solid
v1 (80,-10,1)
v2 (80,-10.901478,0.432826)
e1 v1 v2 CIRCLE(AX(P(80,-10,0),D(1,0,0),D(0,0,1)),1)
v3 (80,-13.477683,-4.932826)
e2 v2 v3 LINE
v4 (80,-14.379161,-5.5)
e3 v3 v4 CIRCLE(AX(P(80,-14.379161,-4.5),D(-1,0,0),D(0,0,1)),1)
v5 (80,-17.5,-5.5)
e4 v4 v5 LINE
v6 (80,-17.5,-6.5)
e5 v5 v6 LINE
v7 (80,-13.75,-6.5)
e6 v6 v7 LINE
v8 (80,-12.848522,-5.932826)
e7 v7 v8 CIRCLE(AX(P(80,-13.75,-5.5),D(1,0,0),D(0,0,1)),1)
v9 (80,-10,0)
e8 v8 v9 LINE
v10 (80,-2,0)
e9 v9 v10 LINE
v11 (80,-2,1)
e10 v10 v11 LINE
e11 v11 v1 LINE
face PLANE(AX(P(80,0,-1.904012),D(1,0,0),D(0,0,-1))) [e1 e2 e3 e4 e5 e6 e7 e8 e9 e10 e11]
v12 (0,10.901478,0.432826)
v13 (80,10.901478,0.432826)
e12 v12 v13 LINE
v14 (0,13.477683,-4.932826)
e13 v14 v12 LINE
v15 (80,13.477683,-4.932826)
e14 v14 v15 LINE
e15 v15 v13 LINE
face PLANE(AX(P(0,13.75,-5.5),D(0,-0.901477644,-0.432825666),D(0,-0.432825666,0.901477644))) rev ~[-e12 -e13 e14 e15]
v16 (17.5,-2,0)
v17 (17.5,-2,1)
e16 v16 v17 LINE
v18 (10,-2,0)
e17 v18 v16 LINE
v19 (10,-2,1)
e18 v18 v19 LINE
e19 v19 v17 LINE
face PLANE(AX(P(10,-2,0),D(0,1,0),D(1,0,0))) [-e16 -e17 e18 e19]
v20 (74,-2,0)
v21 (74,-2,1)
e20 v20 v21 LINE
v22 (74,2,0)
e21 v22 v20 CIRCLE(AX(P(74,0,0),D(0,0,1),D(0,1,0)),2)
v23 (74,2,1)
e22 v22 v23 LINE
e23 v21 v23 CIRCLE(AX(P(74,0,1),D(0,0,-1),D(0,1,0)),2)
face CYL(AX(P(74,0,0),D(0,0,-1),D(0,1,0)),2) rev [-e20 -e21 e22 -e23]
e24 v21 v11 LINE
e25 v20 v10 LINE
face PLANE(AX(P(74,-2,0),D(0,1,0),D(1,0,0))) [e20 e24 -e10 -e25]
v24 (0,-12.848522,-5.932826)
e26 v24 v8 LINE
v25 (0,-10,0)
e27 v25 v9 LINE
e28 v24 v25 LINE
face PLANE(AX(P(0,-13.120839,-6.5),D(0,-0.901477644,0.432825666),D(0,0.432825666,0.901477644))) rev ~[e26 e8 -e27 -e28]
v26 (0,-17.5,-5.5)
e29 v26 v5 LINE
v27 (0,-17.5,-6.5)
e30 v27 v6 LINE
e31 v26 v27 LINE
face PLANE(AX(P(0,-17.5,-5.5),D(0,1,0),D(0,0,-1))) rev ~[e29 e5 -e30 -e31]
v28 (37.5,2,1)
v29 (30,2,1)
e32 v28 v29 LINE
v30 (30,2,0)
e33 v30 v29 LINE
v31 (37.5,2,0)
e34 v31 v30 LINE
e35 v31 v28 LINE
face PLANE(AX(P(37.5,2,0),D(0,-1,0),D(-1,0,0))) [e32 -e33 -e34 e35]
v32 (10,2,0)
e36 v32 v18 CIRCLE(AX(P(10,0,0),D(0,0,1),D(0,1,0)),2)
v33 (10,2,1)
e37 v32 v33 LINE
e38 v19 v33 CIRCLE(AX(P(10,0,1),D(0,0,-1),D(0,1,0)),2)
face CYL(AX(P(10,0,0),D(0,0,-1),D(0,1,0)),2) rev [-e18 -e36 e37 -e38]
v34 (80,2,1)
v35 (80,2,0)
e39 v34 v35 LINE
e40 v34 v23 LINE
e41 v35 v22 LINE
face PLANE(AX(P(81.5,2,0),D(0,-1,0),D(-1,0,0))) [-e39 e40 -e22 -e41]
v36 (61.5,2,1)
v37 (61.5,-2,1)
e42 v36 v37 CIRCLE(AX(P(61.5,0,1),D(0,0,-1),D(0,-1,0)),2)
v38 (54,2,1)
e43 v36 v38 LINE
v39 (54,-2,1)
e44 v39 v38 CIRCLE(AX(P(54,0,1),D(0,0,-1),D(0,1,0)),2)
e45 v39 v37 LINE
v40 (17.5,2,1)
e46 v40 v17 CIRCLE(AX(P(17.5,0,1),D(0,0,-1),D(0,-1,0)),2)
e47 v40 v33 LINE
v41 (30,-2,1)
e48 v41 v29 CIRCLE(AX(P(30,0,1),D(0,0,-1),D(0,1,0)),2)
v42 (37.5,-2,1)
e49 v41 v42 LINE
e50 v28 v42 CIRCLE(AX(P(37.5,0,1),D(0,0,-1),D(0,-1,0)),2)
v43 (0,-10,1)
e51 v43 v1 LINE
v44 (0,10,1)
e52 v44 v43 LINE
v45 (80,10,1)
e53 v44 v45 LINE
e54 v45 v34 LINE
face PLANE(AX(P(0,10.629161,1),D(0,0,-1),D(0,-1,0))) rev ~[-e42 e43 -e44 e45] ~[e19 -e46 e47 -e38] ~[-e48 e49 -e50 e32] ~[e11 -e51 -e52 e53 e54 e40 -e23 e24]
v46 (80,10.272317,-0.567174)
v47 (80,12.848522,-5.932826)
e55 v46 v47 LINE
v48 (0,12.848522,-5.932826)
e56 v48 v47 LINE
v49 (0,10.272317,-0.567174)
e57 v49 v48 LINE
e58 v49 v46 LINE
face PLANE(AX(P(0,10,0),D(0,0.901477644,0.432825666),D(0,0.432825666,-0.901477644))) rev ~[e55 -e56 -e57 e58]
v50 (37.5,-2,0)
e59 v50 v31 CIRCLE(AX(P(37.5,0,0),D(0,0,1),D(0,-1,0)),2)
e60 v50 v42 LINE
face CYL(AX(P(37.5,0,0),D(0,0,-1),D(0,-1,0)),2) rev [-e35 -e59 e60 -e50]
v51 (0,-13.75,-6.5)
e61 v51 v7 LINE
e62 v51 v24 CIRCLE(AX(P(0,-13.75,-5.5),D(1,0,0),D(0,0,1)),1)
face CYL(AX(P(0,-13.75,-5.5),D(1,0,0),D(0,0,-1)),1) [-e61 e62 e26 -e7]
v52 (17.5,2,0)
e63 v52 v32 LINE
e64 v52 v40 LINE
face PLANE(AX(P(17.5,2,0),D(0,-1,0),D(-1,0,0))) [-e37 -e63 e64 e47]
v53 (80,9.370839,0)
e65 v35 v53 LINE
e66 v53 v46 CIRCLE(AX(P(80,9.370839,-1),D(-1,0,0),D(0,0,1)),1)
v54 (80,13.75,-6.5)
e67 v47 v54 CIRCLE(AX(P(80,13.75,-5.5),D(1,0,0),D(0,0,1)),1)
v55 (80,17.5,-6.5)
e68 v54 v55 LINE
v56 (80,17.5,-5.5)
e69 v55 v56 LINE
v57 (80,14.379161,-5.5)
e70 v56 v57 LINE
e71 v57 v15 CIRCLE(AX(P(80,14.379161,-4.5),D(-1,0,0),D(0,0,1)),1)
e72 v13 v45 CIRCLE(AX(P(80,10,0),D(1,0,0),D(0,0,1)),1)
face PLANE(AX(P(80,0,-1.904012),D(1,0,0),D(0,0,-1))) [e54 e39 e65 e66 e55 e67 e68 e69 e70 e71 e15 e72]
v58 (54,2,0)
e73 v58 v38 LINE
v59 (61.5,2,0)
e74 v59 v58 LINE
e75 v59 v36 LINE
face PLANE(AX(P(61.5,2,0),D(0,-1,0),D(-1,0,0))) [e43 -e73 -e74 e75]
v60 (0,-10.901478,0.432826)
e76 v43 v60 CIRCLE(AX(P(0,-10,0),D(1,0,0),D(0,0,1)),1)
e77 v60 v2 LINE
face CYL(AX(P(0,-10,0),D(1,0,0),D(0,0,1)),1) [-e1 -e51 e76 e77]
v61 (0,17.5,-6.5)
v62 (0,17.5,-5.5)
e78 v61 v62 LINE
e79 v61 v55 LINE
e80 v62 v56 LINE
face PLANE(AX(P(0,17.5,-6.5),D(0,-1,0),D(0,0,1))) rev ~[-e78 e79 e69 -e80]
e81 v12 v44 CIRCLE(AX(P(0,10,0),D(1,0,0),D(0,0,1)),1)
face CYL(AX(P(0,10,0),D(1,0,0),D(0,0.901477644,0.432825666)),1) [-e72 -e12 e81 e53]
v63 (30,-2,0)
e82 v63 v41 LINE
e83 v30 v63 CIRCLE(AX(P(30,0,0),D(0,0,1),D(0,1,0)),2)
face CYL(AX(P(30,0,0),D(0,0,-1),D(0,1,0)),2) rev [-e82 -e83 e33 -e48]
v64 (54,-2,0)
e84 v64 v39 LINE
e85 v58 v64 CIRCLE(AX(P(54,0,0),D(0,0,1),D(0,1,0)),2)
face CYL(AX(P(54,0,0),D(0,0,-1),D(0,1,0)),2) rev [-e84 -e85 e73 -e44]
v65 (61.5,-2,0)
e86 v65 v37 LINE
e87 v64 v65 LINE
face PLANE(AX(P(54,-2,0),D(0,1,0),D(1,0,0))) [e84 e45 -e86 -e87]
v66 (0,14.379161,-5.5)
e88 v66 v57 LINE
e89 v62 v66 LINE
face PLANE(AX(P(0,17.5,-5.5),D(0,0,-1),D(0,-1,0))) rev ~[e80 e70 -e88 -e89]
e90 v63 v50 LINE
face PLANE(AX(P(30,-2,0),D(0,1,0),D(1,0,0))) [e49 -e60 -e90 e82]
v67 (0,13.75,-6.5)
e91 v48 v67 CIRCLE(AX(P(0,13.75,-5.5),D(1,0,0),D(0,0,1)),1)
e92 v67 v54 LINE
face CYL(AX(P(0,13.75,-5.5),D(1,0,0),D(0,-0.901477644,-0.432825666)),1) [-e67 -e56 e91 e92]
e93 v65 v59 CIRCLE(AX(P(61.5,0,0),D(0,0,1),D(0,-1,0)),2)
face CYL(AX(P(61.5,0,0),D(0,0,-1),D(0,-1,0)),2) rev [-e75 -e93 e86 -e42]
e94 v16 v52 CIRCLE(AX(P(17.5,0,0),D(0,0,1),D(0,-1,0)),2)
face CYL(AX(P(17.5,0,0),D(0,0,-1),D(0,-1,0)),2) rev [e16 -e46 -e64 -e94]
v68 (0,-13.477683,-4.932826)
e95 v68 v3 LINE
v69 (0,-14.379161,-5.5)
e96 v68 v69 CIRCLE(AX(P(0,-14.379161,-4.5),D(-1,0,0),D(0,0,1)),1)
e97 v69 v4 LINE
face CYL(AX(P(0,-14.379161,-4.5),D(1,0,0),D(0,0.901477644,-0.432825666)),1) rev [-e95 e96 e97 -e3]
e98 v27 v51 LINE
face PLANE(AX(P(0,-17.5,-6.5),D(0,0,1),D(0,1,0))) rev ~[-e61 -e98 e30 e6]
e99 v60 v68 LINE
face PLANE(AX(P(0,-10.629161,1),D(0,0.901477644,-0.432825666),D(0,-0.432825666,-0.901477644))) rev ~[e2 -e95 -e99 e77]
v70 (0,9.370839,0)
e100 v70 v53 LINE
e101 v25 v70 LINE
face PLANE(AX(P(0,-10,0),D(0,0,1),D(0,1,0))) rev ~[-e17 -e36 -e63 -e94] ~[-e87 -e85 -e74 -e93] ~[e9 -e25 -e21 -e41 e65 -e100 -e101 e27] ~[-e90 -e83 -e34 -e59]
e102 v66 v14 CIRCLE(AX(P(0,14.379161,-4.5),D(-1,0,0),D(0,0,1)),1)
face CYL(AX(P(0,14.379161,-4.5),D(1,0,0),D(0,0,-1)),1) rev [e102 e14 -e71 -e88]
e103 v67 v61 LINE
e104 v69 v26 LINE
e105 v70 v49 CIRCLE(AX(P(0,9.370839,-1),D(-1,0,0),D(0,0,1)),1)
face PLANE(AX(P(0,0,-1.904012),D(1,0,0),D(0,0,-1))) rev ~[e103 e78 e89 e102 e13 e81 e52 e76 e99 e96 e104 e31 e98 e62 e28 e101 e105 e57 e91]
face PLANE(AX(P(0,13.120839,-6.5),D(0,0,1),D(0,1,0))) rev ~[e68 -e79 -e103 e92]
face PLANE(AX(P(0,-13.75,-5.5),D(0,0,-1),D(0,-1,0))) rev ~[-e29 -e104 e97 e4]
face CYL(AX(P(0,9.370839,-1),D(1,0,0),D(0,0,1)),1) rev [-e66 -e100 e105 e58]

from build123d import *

# Parameters (mm, degrees)
EXTRUDE_1_DEPTH     = 80
FILLET_1_R          = 1
CUT_EXTRUDE_1_DEPTH = 10


with BuildPart() as part:
    # 草图1 → 凸台-拉伸1 (new body)
    with BuildSketch(Plane(origin=(0, 0, 0), x_dir=(0, 0, -1), z_dir=(1, 0, 0))):
        Polygon((0, -10), (0, 10), (6.5, 13.120839269), (6.5, 17.5), (5.5, 17.5), (5.5, 13.75), (-1, 10.629160731), (-1, -10.629160731), (5.5, -13.75), (5.5, -17.5), (6.5, -17.5), (6.5, -13.120839269), align=None)
    extrude(amount=EXTRUDE_1_DEPTH)

    # 圆角1
    fillet_1_edges = [part.edges().sort_by_distance(p)[0] for p in [
        (40, 10, 0),
        (40, -13.120839269, -6.5),
        (40, -13.75, -5.5),
        (40, -10.629160731, 1),
        (40, 10.629160731, 1),
        (40, 13.75, -5.5),
        (40, 13.120839269, -6.5),
    ]]
    fillet(fillet_1_edges, radius=FILLET_1_R)

    # 草图2 → 切除-拉伸1 (cut)
    with BuildSketch(Plane(origin=(0, 0, 0), x_dir=(-1, 0, 0), z_dir=(0, 0, -1))):
        with BuildLine():
            Line((-10, -2), (-17.5, -2))
            ThreePointArc((-17.5, -2), (-19.5, 0), (-17.5, 2))
            Line((-17.5, 2), (-10, 2))
            ThreePointArc((-10, 2), (-8, 0), (-10, -2))
        make_face()
        with BuildLine():
            Line((-30, -2), (-37.5, -2))
            ThreePointArc((-37.5, -2), (-39.5, 0), (-37.5, 2))
            Line((-37.5, 2), (-30, 2))
            ThreePointArc((-30, 2), (-28, 0), (-30, -2))
        make_face()
        with BuildLine():
            Line((-54, -2), (-61.5, -2))
            ThreePointArc((-61.5, -2), (-63.5, 0), (-61.5, 2))
            Line((-61.5, 2), (-54, 2))
            ThreePointArc((-54, 2), (-52, 0), (-54, -2))
        make_face()
        with BuildLine():
            Line((-74, -2), (-81.5, -2))
            ThreePointArc((-81.5, -2), (-83.5, 0), (-81.5, 2))
            Line((-81.5, 2), (-74, 2))
            ThreePointArc((-74, 2), (-72, 0), (-74, -2))
        make_face()
        with BuildLine():
            Line((-98, -2), (-105.5, -2))
            ThreePointArc((-105.5, -2), (-107.5, 0), (-105.5, 2))
            Line((-105.5, 2), (-98, 2))
            ThreePointArc((-98, 2), (-96, 0), (-98, -2))
        make_face()
        with BuildLine():
            Line((-118, -2), (-125.5, -2))
            ThreePointArc((-125.5, -2), (-127.5, 0), (-125.5, 2))
            Line((-125.5, 2), (-118, 2))
            ThreePointArc((-118, 2), (-116, 0), (-118, -2))
        make_face()
        with BuildLine():
            Line((-142, -2), (-149.5, -2))
            ThreePointArc((-149.5, -2), (-151.5, 0), (-149.5, 2))
            Line((-149.5, 2), (-142, 2))
            ThreePointArc((-142, 2), (-140, 0), (-142, -2))
        make_face()
        with BuildLine():
            Line((-162, -2), (-169.5, -2))
            ThreePointArc((-169.5, -2), (-171.5, 0), (-169.5, 2))
            Line((-169.5, 2), (-162, 2))
            ThreePointArc((-162, 2), (-160, 0), (-162, -2))
        make_face()
        with BuildLine():
            Line((-186, -2), (-193.5, -2))
            ThreePointArc((-193.5, -2), (-195.5, 0), (-193.5, 2))
            Line((-193.5, 2), (-186, 2))
            ThreePointArc((-186, 2), (-184, 0), (-186, -2))
        make_face()
        with BuildLine():
            Line((-206, -2), (-213.5, -2))
            ThreePointArc((-213.5, -2), (-215.5, 0), (-213.5, 2))
            Line((-213.5, 2), (-206, 2))
            ThreePointArc((-206, 2), (-204, 0), (-206, -2))
        make_face()
        with BuildLine():
            Line((-230, -2), (-237.5, -2))
            ThreePointArc((-237.5, -2), (-239.5, 0), (-237.5, 2))
            Line((-237.5, 2), (-230, 2))
            ThreePointArc((-230, 2), (-228, 0), (-230, -2))
        make_face()
        with BuildLine():
            Line((-250, -2), (-257.5, -2))
            ThreePointArc((-257.5, -2), (-259.5, 0), (-257.5, 2))
            Line((-257.5, 2), (-250, 2))
            ThreePointArc((-250, 2), (-248, 0), (-250, -2))
        make_face()
        with BuildLine():
            Line((-274, -2), (-281.5, -2))
            ThreePointArc((-281.5, -2), (-283.5, 0), (-281.5, 2))
            Line((-281.5, 2), (-274, 2))
            ThreePointArc((-274, 2), (-272, 0), (-274, -2))
        make_face()
        with BuildLine():
            Line((-294, -2), (-301.5, -2))
            ThreePointArc((-301.5, -2), (-303.5, 0), (-301.5, 2))
            Line((-301.5, 2), (-294, 2))
            ThreePointArc((-294, 2), (-292, 0), (-294, -2))
        make_face()
        with BuildLine():
            Line((-318, -2), (-325.5, -2))
            ThreePointArc((-325.5, -2), (-327.5, 0), (-325.5, 2))
            Line((-325.5, 2), (-318, 2))
            ThreePointArc((-318, 2), (-316, 0), (-318, -2))
        make_face()
        with BuildLine():
            Line((-338, -2), (-345.5, -2))
            ThreePointArc((-345.5, -2), (-347.5, 0), (-345.5, 2))
            Line((-345.5, 2), (-338, 2))
            ThreePointArc((-338, 2), (-336, 0), (-338, -2))
        make_face()
        with BuildLine():
            Line((-362, -2), (-369.5, -2))
            ThreePointArc((-369.5, -2), (-371.5, 0), (-369.5, 2))
            Line((-369.5, 2), (-362, 2))
            ThreePointArc((-362, 2), (-360, 0), (-362, -2))
        make_face()
        with BuildLine():
            Line((-382, -2), (-389.5, -2))
            ThreePointArc((-389.5, -2), (-391.5, 0), (-389.5, 2))
            Line((-389.5, 2), (-382, 2))
            ThreePointArc((-382, 2), (-380, 0), (-382, -2))
        make_face()
    extrude(amount=-CUT_EXTRUDE_1_DEPTH, mode=Mode.SUBTRACT)


solid = part.part
